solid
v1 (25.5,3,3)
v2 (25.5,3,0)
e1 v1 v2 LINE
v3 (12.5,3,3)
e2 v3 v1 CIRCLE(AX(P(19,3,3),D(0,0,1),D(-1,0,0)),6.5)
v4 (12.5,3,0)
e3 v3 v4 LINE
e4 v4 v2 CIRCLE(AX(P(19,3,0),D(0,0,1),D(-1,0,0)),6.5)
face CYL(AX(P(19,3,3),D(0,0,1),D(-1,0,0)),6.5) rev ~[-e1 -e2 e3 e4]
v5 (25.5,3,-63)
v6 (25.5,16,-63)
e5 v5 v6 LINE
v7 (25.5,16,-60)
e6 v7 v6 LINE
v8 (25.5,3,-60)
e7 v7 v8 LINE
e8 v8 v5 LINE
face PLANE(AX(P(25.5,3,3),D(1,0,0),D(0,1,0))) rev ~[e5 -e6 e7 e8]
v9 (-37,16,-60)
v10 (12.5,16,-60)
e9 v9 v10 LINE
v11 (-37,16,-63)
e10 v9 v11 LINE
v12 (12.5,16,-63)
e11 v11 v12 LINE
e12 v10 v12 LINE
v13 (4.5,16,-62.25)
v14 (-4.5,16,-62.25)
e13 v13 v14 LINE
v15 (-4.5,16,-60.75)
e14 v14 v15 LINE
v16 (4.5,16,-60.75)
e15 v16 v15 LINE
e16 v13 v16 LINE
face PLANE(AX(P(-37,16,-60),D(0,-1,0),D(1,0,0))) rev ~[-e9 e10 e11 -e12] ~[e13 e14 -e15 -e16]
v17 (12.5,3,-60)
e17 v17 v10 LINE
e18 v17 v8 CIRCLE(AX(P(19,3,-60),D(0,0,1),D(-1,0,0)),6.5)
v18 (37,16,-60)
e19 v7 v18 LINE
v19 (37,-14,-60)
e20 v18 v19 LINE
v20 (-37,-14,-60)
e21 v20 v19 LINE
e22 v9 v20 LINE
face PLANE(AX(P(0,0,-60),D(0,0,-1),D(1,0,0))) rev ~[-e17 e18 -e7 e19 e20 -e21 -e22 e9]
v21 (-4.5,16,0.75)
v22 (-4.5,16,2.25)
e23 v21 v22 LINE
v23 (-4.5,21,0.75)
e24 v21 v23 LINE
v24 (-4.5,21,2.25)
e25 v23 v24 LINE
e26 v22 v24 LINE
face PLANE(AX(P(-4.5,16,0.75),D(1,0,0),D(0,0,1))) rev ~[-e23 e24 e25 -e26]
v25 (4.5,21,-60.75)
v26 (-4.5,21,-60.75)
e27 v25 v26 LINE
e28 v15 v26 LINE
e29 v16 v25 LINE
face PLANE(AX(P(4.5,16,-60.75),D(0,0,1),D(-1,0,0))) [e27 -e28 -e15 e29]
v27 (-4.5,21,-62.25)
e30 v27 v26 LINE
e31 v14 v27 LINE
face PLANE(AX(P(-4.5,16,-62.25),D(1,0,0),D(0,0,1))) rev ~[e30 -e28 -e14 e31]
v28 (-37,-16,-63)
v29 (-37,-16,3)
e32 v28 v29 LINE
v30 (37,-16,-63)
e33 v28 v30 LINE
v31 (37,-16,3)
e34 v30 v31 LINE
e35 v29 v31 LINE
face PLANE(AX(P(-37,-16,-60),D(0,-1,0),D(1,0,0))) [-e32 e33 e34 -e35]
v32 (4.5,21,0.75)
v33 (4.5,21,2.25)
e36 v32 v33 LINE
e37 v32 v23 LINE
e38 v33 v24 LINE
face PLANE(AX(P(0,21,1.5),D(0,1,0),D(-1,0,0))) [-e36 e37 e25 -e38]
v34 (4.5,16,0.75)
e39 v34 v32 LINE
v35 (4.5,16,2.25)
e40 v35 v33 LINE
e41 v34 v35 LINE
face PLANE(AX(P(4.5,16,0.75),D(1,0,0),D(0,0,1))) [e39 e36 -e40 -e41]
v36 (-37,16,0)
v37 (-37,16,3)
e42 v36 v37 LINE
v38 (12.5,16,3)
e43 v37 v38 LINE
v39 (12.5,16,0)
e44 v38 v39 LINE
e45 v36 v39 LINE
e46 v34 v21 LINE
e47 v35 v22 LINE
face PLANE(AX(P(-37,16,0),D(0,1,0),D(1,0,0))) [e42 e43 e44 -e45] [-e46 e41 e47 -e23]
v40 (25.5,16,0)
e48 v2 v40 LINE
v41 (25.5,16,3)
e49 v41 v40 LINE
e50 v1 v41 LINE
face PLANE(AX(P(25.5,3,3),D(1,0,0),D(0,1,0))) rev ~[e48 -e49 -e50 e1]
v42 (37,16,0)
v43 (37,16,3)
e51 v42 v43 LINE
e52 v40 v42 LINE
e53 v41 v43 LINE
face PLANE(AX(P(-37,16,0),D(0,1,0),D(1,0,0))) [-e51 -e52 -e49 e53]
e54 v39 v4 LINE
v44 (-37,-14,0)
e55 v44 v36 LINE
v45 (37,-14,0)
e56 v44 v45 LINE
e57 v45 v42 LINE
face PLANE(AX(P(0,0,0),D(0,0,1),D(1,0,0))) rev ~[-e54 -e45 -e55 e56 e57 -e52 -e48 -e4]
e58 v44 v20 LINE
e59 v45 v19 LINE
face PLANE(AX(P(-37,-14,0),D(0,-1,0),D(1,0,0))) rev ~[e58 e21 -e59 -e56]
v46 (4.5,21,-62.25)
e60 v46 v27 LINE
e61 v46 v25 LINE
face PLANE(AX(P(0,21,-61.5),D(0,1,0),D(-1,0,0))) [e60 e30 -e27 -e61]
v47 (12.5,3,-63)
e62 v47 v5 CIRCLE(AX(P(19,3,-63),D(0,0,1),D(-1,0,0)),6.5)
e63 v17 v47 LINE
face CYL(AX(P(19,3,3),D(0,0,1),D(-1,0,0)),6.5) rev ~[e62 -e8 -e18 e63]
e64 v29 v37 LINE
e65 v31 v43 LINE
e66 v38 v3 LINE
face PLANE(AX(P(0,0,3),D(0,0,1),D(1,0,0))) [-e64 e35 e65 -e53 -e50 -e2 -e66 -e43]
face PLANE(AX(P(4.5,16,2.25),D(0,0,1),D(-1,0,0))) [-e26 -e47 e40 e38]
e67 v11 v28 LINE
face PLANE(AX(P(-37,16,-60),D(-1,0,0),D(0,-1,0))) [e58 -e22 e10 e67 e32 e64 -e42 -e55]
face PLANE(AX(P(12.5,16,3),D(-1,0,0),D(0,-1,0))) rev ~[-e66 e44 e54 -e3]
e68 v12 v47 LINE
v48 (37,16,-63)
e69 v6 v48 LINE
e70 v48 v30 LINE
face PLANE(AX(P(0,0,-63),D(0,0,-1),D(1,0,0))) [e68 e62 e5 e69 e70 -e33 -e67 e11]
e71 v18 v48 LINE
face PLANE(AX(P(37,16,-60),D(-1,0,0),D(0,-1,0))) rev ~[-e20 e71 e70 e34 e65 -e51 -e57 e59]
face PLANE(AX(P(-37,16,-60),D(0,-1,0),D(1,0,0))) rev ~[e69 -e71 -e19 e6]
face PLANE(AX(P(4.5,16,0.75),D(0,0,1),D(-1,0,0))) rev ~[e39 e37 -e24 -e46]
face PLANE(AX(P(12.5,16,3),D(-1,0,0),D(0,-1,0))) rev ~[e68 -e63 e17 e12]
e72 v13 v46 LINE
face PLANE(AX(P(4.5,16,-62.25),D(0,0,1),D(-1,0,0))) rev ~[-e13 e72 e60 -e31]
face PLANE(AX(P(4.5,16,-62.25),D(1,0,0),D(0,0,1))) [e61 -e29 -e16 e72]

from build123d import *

# Parameters (mm, degrees)
F0_W      = 74
F0_H      = 32
F1_DEPTH  = 3
F2_W      = 74
F2_H      = 2
F3_DEPTH  = 60
F4_W      = 74
F4_H      = 32
F5_DEPTH  = 3
F6_W      = 9
F6_H      = 1.5
F7_DEPTH  = 5
F8_W      = 9
F8_H      = 1.5
F9_DEPTH  = 5
F11_DEPTH = 66


with BuildPart() as f1:
    # F0 (on Top) → F1 (new body)
    with BuildSketch(Plane.XY):
        Rectangle(F0_W, F0_H)
    extrude(amount=F1_DEPTH)

    # F2 (on face) → F3 (join)
    with BuildSketch(Plane(origin=(0, 0, 0), x_dir=(1, 0, 0), z_dir=(0, 0, -1))):
        with Locations((0, 15)):
            Rectangle(F2_W, F2_H)
    extrude(amount=F3_DEPTH)

    # F4 (on face) → F5 (join)
    with BuildSketch(Plane(origin=(0, 0, -60), x_dir=(1, 0, 0), z_dir=(0, 0, -1))):
        Rectangle(F4_W, F4_H)
    extrude(amount=F5_DEPTH)

    # F6 (on face) → F7 (join)
    with BuildSketch(Plane(origin=(0, 16, 0), x_dir=(-1, 0, 0), z_dir=(0, 1, 0))):
        with Locations((0, 1.5)):
            Rectangle(F6_W, F6_H)
    extrude(amount=F7_DEPTH)

    # F8 (on face) → F9 (join)
    with BuildSketch(Plane(origin=(0, 16, 0), x_dir=(-1, 0, 0), z_dir=(0, 1, 0))):
        with Locations((0, -61.5)):
            Rectangle(F8_W, F8_H)
    extrude(amount=F9_DEPTH)

    # F10 (on face) → F11 (cut, through all)
    with BuildSketch(Plane.XY.offset(3)):
        with BuildLine():
            Line((12.5, 16), (12.5, 3))
            ThreePointArc((12.5, 3), (19, -3.5), (25.5, 3))
            Line((25.5, 3), (25.5, 16))
            Line((25.5, 16), (12.5, 16))
        make_face()
    extrude(amount=-F11_DEPTH, mode=Mode.SUBTRACT)


solid = f1.part
